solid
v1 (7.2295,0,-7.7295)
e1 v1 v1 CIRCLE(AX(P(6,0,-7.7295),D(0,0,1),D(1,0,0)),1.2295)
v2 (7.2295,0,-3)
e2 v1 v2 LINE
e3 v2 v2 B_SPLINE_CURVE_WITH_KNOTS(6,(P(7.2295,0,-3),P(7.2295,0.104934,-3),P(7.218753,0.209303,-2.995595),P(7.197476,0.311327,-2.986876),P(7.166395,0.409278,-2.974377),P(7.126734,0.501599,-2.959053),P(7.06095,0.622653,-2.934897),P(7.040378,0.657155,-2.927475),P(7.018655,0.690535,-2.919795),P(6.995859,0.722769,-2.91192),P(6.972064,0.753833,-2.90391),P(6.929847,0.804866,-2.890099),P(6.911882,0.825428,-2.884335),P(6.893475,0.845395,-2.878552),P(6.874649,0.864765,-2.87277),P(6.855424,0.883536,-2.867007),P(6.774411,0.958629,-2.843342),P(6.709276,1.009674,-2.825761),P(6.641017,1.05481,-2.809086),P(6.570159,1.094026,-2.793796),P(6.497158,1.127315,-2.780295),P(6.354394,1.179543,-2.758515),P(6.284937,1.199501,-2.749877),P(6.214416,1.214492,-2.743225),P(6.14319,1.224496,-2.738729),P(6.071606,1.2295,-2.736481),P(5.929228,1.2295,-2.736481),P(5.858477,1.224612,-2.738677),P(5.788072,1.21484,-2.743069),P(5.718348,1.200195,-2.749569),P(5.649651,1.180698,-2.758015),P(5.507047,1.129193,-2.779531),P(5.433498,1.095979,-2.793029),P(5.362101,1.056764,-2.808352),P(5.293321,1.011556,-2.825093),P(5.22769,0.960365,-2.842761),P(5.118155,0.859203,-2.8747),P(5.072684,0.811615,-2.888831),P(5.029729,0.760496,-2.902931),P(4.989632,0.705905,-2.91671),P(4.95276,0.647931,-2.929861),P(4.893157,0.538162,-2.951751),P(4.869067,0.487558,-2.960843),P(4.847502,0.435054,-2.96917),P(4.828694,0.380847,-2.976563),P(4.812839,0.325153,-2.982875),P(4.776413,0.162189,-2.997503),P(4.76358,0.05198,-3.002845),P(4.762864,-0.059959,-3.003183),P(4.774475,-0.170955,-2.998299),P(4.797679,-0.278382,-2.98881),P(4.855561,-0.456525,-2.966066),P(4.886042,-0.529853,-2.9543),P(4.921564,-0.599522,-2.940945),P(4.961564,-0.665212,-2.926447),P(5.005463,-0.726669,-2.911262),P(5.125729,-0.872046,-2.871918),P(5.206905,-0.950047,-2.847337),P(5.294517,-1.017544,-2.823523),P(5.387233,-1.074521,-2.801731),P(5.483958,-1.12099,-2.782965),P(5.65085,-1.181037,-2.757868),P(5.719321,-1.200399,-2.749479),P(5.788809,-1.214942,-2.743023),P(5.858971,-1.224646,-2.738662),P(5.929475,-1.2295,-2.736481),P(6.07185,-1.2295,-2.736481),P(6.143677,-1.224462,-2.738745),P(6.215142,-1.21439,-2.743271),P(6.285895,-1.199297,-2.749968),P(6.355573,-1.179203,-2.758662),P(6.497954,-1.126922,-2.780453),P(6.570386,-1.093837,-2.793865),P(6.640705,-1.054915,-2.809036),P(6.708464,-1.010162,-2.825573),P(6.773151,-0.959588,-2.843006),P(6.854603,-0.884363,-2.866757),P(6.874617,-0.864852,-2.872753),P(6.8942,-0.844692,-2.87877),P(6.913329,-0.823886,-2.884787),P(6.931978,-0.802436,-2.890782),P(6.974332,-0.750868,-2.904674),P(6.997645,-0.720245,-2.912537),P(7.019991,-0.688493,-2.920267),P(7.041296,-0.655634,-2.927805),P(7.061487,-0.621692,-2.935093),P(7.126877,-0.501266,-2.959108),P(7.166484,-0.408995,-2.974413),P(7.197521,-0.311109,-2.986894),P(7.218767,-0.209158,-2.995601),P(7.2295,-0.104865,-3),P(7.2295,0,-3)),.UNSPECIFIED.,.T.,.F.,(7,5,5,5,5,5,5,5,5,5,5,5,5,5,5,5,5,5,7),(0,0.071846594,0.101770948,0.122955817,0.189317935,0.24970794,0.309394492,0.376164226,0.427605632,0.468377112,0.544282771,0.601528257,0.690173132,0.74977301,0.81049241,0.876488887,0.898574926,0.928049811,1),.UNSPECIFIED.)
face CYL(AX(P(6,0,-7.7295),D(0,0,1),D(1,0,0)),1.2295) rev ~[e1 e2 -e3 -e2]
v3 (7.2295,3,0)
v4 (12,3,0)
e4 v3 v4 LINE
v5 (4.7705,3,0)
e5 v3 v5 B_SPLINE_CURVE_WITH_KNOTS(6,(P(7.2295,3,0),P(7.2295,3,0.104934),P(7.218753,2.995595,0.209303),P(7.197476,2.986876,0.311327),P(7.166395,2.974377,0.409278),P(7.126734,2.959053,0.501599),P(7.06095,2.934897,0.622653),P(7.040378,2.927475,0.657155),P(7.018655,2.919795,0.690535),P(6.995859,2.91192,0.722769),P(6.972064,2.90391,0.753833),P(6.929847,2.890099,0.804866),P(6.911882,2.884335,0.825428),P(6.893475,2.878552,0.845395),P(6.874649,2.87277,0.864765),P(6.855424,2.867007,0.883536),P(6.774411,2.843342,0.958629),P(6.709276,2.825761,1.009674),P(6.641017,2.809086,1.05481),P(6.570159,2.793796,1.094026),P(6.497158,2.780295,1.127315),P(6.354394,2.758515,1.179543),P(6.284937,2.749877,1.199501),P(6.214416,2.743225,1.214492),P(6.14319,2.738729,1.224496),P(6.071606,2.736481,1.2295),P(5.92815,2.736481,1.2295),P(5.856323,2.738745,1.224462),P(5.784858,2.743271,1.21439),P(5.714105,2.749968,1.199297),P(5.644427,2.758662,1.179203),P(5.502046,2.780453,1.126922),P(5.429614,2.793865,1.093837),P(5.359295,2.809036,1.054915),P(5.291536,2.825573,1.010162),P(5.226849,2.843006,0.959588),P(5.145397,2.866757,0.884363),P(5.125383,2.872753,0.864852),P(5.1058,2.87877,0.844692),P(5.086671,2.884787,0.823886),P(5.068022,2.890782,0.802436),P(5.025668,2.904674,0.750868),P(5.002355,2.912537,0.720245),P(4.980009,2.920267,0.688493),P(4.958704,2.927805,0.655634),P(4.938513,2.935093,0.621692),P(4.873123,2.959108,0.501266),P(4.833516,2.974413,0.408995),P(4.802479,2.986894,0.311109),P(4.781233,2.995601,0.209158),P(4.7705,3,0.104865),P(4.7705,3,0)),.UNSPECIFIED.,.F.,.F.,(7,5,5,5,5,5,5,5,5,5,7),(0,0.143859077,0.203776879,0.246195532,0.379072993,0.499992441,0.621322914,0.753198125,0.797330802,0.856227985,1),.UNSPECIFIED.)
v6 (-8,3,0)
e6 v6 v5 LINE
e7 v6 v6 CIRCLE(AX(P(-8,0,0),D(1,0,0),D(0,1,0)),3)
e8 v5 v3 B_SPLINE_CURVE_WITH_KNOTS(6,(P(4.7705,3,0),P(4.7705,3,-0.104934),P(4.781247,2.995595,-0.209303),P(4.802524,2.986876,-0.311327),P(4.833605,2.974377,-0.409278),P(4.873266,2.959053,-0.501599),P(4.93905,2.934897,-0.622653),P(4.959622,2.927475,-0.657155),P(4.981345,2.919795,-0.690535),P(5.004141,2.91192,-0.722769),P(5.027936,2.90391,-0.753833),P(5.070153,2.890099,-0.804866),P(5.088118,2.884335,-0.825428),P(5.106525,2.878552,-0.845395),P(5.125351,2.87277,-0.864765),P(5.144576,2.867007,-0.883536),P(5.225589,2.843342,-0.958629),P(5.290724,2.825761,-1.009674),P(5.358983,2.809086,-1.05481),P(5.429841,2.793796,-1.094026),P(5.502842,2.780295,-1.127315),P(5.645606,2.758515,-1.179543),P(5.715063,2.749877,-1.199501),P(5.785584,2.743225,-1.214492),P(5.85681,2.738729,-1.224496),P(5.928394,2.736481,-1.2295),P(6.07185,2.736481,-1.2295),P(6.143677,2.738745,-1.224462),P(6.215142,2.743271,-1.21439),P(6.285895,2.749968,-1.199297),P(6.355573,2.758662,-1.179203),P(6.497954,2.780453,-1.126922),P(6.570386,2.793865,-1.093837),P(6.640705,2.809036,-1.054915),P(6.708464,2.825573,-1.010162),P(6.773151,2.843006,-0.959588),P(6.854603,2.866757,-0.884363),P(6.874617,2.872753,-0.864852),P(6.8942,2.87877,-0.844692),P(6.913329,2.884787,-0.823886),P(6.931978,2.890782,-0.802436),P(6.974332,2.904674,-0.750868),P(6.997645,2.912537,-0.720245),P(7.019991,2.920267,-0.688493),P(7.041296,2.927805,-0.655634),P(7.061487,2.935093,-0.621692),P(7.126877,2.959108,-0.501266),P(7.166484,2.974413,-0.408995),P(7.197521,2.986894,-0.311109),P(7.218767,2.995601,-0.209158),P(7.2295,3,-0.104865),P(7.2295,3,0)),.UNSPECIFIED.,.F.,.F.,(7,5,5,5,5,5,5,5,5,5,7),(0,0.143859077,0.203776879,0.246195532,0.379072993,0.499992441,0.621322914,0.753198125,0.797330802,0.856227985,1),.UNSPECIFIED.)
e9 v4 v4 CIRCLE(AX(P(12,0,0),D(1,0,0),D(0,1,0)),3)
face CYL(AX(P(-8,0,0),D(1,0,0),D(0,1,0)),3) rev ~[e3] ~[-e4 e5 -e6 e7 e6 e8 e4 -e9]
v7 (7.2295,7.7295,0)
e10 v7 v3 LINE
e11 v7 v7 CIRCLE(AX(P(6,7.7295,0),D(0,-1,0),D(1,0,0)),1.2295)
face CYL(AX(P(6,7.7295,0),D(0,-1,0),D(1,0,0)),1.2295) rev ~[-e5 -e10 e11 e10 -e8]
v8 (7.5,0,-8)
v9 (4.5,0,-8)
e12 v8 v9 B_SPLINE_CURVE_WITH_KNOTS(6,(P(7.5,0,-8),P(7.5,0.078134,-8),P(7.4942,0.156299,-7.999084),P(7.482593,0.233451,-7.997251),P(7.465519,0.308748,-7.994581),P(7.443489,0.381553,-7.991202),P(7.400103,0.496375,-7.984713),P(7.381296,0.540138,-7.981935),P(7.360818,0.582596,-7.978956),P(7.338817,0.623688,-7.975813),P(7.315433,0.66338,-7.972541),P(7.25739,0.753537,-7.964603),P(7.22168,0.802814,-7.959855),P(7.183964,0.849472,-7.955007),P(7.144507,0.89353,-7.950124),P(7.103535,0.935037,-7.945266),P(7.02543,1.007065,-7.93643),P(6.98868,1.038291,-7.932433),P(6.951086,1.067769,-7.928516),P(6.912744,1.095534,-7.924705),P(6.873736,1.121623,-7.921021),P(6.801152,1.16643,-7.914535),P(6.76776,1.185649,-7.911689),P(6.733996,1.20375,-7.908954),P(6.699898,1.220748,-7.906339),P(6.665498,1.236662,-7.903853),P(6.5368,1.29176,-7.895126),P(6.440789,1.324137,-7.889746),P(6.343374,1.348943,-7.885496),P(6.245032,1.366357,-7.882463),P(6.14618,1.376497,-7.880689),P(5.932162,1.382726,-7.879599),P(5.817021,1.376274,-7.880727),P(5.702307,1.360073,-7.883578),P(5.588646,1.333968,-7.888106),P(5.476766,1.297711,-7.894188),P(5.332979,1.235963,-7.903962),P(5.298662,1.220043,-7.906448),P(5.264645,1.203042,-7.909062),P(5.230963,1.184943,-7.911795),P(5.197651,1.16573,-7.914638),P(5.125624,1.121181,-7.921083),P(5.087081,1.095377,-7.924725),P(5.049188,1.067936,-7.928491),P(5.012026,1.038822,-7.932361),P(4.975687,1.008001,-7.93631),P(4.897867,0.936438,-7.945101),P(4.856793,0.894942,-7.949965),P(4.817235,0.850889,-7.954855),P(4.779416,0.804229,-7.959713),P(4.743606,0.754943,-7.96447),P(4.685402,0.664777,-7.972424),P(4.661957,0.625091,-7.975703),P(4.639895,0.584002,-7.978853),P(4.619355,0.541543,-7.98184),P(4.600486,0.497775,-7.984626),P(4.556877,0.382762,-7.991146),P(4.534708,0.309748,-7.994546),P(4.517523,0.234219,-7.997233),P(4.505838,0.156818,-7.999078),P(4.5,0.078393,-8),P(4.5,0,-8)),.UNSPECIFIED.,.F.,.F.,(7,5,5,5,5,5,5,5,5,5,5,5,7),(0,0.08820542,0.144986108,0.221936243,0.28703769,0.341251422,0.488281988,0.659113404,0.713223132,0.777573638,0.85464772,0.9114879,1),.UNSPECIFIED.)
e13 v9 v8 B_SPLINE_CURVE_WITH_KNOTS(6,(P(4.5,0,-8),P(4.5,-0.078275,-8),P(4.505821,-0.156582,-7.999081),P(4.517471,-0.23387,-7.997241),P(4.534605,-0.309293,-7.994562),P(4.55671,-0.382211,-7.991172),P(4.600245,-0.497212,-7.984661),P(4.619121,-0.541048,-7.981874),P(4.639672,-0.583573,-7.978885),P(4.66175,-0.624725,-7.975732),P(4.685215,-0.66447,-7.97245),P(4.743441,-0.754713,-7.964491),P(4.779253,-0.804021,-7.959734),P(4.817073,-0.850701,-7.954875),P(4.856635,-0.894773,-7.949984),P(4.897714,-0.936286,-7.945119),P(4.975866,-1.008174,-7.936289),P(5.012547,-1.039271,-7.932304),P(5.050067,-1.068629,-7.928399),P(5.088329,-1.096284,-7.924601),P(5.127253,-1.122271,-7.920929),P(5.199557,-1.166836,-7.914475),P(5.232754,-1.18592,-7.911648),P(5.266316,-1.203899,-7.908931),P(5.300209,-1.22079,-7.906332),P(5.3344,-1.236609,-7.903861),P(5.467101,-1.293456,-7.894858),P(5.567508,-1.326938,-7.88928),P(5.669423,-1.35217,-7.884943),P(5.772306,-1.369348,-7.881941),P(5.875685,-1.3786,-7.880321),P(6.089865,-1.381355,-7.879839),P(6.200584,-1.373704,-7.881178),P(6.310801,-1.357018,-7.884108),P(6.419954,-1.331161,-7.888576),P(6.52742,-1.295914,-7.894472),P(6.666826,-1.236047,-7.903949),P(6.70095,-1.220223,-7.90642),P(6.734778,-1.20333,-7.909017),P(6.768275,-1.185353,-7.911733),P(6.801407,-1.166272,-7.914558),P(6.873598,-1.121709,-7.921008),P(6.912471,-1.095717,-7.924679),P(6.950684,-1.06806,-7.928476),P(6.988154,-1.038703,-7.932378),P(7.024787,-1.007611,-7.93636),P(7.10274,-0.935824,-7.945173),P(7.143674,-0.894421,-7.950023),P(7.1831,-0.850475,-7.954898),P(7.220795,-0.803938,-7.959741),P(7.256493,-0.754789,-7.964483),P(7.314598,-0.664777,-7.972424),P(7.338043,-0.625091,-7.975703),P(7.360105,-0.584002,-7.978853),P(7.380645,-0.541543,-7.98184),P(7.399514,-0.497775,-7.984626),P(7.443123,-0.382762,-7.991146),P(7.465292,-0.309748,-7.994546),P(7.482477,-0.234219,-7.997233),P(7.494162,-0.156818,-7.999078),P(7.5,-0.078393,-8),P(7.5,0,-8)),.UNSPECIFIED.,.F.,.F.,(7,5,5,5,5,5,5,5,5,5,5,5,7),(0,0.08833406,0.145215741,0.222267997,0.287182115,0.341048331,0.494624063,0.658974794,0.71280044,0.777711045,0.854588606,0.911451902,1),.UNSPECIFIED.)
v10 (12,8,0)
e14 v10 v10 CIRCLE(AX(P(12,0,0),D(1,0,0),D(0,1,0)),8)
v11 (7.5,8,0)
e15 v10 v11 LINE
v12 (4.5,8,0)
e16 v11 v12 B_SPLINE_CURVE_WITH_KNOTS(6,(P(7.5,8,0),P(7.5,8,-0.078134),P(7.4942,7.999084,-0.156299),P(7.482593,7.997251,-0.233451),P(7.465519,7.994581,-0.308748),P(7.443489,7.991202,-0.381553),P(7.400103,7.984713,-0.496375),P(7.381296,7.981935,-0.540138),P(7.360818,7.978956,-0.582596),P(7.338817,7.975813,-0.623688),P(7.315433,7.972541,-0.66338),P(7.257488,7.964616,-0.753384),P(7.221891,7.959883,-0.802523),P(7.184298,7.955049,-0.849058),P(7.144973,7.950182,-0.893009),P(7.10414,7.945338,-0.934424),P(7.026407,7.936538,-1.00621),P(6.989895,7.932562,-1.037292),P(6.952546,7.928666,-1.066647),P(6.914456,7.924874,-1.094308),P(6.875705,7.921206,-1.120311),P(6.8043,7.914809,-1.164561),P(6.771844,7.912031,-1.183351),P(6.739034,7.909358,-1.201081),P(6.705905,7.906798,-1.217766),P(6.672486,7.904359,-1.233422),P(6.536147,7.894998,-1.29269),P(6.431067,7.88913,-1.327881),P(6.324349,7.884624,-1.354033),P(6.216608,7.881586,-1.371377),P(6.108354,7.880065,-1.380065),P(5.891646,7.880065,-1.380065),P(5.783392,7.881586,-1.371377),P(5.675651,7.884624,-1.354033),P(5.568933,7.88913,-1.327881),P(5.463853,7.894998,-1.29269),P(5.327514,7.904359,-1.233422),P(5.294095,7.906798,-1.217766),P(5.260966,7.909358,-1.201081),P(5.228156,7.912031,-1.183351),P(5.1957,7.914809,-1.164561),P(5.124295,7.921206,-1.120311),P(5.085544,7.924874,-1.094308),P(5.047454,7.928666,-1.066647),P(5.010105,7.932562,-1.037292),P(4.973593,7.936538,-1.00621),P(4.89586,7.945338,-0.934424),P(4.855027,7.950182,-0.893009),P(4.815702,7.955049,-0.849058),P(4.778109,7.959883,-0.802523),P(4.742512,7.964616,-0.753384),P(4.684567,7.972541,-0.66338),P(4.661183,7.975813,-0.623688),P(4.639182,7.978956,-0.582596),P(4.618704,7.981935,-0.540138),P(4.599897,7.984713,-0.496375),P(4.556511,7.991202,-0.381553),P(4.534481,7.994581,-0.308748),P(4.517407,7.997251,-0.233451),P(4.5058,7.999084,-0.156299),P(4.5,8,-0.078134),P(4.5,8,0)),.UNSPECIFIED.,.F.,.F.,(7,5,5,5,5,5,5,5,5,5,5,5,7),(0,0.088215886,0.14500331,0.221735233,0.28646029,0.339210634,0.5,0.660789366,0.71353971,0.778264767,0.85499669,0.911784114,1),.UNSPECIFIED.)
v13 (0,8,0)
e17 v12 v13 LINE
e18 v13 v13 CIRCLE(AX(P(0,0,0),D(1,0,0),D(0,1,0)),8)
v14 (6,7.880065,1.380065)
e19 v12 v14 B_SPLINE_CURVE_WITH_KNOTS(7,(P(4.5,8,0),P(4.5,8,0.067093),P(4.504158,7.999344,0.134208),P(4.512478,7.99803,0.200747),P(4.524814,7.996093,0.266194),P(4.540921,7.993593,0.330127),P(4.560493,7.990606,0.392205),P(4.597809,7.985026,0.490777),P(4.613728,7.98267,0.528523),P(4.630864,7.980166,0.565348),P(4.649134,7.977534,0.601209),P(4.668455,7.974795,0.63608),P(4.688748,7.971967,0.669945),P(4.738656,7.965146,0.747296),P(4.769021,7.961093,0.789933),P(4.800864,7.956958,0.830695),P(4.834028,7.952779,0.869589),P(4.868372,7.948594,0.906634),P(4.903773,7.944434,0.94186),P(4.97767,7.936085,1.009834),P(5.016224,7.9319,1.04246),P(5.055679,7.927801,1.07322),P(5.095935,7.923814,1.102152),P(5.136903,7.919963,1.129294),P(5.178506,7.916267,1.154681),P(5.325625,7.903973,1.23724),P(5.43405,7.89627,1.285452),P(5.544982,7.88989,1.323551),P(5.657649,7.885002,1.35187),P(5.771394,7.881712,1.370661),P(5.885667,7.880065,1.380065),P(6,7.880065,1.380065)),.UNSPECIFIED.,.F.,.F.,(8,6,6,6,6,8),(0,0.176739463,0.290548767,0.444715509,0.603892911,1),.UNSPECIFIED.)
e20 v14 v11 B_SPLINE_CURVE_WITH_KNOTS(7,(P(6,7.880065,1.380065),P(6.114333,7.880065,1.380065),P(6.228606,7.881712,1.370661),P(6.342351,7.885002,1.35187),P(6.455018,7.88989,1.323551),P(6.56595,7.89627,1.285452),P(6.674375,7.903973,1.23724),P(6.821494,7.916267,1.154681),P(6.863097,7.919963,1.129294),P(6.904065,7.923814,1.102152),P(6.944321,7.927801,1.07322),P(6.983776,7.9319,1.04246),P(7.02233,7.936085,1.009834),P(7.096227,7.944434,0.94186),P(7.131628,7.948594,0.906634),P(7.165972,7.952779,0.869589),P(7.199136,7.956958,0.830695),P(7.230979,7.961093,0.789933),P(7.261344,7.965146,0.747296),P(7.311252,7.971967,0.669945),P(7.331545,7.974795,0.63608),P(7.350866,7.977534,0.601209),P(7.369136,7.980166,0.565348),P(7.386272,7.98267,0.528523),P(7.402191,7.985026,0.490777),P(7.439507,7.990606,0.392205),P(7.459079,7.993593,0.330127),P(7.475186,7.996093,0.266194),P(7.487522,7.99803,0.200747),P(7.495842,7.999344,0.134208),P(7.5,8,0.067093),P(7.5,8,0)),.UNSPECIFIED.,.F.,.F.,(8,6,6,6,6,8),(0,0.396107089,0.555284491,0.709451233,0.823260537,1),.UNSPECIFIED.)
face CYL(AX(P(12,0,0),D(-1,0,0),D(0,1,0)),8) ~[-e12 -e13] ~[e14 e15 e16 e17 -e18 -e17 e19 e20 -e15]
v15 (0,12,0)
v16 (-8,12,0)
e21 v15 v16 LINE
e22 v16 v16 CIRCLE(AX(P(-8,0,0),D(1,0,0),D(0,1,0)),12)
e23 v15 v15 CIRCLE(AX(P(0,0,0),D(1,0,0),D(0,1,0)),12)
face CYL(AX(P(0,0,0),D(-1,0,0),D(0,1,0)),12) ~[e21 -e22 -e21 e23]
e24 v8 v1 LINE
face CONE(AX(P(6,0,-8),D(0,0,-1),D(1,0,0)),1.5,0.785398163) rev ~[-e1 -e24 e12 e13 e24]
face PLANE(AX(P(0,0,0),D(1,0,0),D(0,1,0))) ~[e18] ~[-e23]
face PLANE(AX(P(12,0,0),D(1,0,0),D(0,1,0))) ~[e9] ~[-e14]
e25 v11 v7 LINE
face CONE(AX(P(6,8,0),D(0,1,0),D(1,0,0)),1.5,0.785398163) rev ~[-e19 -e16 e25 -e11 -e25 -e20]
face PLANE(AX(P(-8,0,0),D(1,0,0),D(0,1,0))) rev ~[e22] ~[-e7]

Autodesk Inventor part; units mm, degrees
sketch "Sketch_2" plane through (0, 0, 0) normal (0, 0, 1) x (1, 0, 0)
  line L0 (12, 0) -> (-8, 0)
  line L1 (-8, 12) -> (-8, 3)
  line L2 (-8, 3) -> (12, 3)
  line L3 (12, 3) -> (12, 8)
  line L4 (12, 8) -> (0, 8)
  line L5 (0, 8) -> (0, 12)
  line L6 (0, 12) -> (-8, 12)
revolve "Revolution1" add sketch "Sketch_2" angle 360 about axis through (12, 0, 0) along (1, 0, 0)
sketch "Sketch_4" plane through (0, 0, 0) normal (0, 0, 1) x (1, 0, 0)
  line L0 (6, 0) -> (6, 8)
  line L1 (6, 8) -> (7.5, 8)
  line L2 (7.5, 8) -> (7.2295, 7.7295)
  line L3 (7.2295, 7.7295) -> (7.2295, 0)
  line L4 (7.2295, 0) -> (6, 0)
  line L5 (6, 0) -> (6, 8)
revolve "Revolution2" cut sketch "Sketch_4" angle 360 about axis through (6, 0, 0) along (0, -1, 0)
sketch "Sketch_5" plane through (0, 0, 0) normal (0, 1, 0) x (-1, 0, 0)
  line L0 (-6, 0) -> (-6, -8)
  line L1 (-6, -8) -> (-7.5, -8)
  line L2 (-7.5, -8) -> (-7.2295, -7.7295)
  line L3 (-7.2295, -7.7295) -> (-7.2295, 0)
  line L4 (-7.2295, 0) -> (-6, 0)
  line L5 (-6, 0) -> (-6, -8)
revolve "Revolution3" cut sketch "Sketch_5" angle 360 about axis through (6, 0, 0) along (0, 0, 1)
thread "Thread1" size "M3x0.5" class "6H" standard "ISO Metric profile" length 4.7295
ref_plane "c_k_XY" through (-4, 0, 0) normal (1, 0, 0) x (0, 0, -1)
ref_plane "c_k_YZ" through (-4, 0, 0) normal (0, 0, -1) x (0, 1, 0)
ref_plane "c_k_ZX" through (-4, 0, 0) normal (0, 1, 0) x (1, 0, 0)
properties part number "UMHSL30_c"
